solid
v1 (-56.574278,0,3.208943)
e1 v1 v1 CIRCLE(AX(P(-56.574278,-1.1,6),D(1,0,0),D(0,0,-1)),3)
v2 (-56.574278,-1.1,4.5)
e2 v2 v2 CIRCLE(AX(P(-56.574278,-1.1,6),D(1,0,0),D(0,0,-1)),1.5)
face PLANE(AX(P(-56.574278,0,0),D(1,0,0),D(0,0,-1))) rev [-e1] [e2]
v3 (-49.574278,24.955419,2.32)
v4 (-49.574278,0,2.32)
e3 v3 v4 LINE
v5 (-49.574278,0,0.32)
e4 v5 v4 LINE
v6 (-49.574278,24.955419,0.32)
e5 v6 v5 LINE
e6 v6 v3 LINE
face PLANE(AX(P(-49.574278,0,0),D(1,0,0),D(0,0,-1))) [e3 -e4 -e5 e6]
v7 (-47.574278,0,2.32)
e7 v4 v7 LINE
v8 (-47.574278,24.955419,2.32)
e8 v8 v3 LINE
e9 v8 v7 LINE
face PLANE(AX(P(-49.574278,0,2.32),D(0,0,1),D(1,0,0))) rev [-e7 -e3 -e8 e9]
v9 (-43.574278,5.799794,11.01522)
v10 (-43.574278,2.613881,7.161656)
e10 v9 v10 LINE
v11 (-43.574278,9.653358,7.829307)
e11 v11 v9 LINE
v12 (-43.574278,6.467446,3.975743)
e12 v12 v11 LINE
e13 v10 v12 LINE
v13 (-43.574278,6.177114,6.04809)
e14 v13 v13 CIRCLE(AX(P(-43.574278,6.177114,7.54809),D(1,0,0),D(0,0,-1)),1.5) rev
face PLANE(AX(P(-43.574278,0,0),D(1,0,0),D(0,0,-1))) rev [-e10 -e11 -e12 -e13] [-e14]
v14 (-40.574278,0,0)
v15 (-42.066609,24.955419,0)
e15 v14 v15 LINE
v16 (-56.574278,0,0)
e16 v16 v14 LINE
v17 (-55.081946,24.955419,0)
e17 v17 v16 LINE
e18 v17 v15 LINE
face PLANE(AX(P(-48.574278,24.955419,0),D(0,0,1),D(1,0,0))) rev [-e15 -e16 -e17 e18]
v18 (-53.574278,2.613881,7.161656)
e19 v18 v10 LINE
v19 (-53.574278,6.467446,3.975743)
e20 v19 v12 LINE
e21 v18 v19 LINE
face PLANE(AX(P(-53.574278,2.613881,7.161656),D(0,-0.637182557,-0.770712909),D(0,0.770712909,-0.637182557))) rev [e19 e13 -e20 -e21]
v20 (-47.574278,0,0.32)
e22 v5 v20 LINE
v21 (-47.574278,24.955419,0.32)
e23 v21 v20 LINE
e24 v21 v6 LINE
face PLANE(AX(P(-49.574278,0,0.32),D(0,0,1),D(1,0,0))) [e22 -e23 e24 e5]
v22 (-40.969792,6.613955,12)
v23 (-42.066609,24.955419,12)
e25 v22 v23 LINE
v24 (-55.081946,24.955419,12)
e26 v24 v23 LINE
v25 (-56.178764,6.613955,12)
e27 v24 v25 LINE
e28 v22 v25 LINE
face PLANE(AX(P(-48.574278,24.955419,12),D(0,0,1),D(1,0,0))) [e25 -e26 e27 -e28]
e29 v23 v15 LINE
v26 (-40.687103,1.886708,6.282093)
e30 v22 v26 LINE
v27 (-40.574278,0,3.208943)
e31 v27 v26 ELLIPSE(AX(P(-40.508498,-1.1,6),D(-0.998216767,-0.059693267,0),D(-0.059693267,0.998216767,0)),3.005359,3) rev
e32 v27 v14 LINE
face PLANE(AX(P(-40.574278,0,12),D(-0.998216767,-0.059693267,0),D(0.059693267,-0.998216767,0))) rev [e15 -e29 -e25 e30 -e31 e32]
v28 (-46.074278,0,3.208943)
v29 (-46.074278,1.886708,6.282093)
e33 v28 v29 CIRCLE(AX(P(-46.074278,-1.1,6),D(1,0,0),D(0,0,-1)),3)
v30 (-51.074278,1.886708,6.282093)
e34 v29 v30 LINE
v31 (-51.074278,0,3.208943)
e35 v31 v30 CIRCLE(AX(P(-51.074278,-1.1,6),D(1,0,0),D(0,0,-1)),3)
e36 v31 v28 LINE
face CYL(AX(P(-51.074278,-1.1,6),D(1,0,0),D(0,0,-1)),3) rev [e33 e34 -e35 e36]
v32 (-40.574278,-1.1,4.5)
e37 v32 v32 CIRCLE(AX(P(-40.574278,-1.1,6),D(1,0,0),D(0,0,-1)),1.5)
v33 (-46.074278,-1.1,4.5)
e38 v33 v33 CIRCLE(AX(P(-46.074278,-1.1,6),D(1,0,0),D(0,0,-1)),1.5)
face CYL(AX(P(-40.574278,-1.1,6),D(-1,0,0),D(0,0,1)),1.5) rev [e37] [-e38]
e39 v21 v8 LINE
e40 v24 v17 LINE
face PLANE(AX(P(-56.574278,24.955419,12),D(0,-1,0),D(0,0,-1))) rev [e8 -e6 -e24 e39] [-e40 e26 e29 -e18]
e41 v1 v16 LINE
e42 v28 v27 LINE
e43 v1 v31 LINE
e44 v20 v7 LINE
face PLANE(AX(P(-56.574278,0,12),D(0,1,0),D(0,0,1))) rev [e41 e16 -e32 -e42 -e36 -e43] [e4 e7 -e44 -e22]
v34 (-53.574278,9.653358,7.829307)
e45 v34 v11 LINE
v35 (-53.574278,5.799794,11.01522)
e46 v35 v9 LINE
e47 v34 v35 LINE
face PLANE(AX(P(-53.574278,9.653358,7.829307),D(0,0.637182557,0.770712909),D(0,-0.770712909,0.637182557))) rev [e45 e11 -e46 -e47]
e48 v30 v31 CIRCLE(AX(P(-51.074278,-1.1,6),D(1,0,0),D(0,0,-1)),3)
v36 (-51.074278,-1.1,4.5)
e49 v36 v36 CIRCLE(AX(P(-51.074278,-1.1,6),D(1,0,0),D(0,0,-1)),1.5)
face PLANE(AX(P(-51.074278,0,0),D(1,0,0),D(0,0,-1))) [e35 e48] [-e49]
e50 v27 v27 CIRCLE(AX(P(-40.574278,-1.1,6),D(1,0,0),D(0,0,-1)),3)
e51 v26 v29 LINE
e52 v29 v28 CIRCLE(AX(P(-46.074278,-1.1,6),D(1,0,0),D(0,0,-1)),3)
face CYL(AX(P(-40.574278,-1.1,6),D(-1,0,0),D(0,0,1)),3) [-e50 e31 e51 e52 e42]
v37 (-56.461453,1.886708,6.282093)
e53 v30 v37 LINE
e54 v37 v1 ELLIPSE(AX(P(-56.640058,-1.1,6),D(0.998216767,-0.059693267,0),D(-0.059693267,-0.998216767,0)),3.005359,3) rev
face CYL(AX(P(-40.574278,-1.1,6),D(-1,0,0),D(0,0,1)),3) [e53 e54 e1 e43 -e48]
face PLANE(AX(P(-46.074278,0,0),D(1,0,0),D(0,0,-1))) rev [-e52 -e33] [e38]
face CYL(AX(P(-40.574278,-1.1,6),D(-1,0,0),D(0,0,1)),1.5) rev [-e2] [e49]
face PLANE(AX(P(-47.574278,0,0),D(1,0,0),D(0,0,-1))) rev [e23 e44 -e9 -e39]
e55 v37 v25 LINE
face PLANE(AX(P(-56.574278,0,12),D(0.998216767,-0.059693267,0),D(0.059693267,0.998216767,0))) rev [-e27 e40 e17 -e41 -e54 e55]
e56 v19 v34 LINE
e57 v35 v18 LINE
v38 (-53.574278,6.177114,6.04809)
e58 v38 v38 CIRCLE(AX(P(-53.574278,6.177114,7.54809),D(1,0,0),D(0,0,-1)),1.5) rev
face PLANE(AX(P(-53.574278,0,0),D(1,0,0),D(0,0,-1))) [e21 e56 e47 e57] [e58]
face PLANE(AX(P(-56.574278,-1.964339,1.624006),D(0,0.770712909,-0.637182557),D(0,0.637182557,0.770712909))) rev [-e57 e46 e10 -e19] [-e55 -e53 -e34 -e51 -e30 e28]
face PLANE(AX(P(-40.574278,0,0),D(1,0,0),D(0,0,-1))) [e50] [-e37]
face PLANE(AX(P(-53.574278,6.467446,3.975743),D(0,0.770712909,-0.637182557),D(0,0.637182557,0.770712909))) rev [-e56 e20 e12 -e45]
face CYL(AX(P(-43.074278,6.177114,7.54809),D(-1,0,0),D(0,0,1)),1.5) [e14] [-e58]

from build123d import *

# Parameters (mm, degrees)
BOSS_EXTRUDE1_DEPTH     = 12
CUT_EXTRUDE1_DEPTH      = 35.611065794
CUT_EXTRUDE1_DEPTH_BACK = 35.611065794
SKETCH6_R               = 3
SKETCH6_R_2             = 1.5
BOSS_EXTRUDE2_DEPTH     = 8
SKETCH6_3_R             = 3
SKETCH6_3_R_2           = 1.5
CUT_EXTRUDE2_DEPTH      = 2.5
CUT_EXTRUDE3_DEPTH      = 5
SKETCH8_R               = 1.5
BOSS_EXTRUDE3_DEPTH     = 5.5
CUT_EXTRUDE4_DEPTH      = 35.611065794
CUT_EXTRUDE4_DEPTH_BACK = 35.611065794
SKETCH9_W               = 12
SKETCH9_H               = 6.507668331
CUT_EXTRUDE5_DEPTH      = 1


with BuildPart() as part:
    # Sketch1 → Boss-Extrude1 (new body)
    with BuildSketch(Plane.XY):
        with BuildLine():
            Line((-56.5742778, 0), (-40.5742778, 0))
            Line((-40.5742778, 0), (-42.066609469, 24.955419175))
            ThreePointArc((-42.066609469, 24.955419175), (-48.5742778, 31.463087506), (-55.081946131, 24.955419175))
            Line((-55.081946131, 24.955419175), (-56.5742778, 0))
        make_face()
    extrude(amount=BOSS_EXTRUDE1_DEPTH)

    # Sketch3 → Cut-Extrude1 (cut, two sides: drawn at the far end of the back side and taken through both)
    with BuildSketch(Plane(origin=(-48.5742778, 0, 0), x_dir=(0, 0, -1), z_dir=(1, 0, 0)).offset(-CUT_EXTRUDE1_DEPTH_BACK)):
        Polygon((-12, 0), (-4, 0), (-12, 6.613954944), align=None)
    extrude(amount=CUT_EXTRUDE1_DEPTH + CUT_EXTRUDE1_DEPTH_BACK, mode=Mode.SUBTRACT)

    # Sketch6 → Boss-Extrude2 (add, symmetric)
    with BuildSketch(Plane(origin=(-48.5742778, 0, 0), x_dir=(0, 0, -1), z_dir=(1, 0, 0))):
        with Locations((-6, -1.1)):
            Circle(SKETCH6_R)
        with Locations((-6, -1.1)):
            Circle(SKETCH6_R_2, mode=Mode.SUBTRACT)
    extrude(amount=BOSS_EXTRUDE2_DEPTH, both=True)

    # Sketch6<3> → Cut-Extrude2 (cut, symmetric)
    with BuildSketch(Plane(origin=(-48.5742778, 0, 0), x_dir=(0, 0, -1), z_dir=(1, 0, 0))):
        with Locations((-6, -1.1)):
            Circle(SKETCH6_3_R)
        with Locations((-6, -1.1)):
            Circle(SKETCH6_3_R_2, mode=Mode.SUBTRACT)
    extrude(amount=CUT_EXTRUDE2_DEPTH, both=True, mode=Mode.SUBTRACT)

    # Sketch7 → Cut-Extrude3 (cut, symmetric)
    with BuildSketch(Plane(origin=(-48.5742778, 0, 0), x_dir=(0, 0, -1), z_dir=(1, 0, 0))):
        Polygon((-7.161655697, 2.613881041), (-11.015220244, 5.799793827), (-7.829307458, 9.653358374), (-3.975742911, 6.467445588), align=None)
    extrude(amount=CUT_EXTRUDE3_DEPTH, both=True, mode=Mode.SUBTRACT)

    # Sketch8 → Boss-Extrude3 (add, symmetric)
    with BuildSketch(Plane(origin=(-48.5742778, 0, 0), x_dir=(0, 0, -1), z_dir=(1, 0, 0))):
        with Locations((-7.548090256, 6.177113636)):
            Circle(SKETCH8_R)
    extrude(amount=BOSS_EXTRUDE3_DEPTH, both=True)

    # Sketch9 → Cut-Extrude4 (cut, two sides: drawn at the far end of the back side and taken through both)
    with BuildSketch(Plane(origin=(-48.5742778, 0, 0), x_dir=(0, 0, -1), z_dir=(1, 0, 0)).offset(-CUT_EXTRUDE4_DEPTH_BACK)):
        with Locations((-6, 28.209253341)):
            Rectangle(SKETCH9_W, SKETCH9_H)
    extrude(amount=CUT_EXTRUDE4_DEPTH + CUT_EXTRUDE4_DEPTH_BACK, mode=Mode.SUBTRACT)

    # Sketch10 → Cut-Extrude5 (cut, symmetric)
    with BuildSketch(Plane(origin=(-48.5742778, 0, 0), x_dir=(0, 0, -1), z_dir=(1, 0, 0))):
        Polygon((-2.32, 0), (-0.32, 0), (-0.32, 0.801486087), (-0.32, 27.377264347), (-2.32, 27.377264347), (-2.32, 0.801486087), align=None)
    extrude(amount=CUT_EXTRUDE5_DEPTH, both=True, mode=Mode.SUBTRACT)


solid = part.part
